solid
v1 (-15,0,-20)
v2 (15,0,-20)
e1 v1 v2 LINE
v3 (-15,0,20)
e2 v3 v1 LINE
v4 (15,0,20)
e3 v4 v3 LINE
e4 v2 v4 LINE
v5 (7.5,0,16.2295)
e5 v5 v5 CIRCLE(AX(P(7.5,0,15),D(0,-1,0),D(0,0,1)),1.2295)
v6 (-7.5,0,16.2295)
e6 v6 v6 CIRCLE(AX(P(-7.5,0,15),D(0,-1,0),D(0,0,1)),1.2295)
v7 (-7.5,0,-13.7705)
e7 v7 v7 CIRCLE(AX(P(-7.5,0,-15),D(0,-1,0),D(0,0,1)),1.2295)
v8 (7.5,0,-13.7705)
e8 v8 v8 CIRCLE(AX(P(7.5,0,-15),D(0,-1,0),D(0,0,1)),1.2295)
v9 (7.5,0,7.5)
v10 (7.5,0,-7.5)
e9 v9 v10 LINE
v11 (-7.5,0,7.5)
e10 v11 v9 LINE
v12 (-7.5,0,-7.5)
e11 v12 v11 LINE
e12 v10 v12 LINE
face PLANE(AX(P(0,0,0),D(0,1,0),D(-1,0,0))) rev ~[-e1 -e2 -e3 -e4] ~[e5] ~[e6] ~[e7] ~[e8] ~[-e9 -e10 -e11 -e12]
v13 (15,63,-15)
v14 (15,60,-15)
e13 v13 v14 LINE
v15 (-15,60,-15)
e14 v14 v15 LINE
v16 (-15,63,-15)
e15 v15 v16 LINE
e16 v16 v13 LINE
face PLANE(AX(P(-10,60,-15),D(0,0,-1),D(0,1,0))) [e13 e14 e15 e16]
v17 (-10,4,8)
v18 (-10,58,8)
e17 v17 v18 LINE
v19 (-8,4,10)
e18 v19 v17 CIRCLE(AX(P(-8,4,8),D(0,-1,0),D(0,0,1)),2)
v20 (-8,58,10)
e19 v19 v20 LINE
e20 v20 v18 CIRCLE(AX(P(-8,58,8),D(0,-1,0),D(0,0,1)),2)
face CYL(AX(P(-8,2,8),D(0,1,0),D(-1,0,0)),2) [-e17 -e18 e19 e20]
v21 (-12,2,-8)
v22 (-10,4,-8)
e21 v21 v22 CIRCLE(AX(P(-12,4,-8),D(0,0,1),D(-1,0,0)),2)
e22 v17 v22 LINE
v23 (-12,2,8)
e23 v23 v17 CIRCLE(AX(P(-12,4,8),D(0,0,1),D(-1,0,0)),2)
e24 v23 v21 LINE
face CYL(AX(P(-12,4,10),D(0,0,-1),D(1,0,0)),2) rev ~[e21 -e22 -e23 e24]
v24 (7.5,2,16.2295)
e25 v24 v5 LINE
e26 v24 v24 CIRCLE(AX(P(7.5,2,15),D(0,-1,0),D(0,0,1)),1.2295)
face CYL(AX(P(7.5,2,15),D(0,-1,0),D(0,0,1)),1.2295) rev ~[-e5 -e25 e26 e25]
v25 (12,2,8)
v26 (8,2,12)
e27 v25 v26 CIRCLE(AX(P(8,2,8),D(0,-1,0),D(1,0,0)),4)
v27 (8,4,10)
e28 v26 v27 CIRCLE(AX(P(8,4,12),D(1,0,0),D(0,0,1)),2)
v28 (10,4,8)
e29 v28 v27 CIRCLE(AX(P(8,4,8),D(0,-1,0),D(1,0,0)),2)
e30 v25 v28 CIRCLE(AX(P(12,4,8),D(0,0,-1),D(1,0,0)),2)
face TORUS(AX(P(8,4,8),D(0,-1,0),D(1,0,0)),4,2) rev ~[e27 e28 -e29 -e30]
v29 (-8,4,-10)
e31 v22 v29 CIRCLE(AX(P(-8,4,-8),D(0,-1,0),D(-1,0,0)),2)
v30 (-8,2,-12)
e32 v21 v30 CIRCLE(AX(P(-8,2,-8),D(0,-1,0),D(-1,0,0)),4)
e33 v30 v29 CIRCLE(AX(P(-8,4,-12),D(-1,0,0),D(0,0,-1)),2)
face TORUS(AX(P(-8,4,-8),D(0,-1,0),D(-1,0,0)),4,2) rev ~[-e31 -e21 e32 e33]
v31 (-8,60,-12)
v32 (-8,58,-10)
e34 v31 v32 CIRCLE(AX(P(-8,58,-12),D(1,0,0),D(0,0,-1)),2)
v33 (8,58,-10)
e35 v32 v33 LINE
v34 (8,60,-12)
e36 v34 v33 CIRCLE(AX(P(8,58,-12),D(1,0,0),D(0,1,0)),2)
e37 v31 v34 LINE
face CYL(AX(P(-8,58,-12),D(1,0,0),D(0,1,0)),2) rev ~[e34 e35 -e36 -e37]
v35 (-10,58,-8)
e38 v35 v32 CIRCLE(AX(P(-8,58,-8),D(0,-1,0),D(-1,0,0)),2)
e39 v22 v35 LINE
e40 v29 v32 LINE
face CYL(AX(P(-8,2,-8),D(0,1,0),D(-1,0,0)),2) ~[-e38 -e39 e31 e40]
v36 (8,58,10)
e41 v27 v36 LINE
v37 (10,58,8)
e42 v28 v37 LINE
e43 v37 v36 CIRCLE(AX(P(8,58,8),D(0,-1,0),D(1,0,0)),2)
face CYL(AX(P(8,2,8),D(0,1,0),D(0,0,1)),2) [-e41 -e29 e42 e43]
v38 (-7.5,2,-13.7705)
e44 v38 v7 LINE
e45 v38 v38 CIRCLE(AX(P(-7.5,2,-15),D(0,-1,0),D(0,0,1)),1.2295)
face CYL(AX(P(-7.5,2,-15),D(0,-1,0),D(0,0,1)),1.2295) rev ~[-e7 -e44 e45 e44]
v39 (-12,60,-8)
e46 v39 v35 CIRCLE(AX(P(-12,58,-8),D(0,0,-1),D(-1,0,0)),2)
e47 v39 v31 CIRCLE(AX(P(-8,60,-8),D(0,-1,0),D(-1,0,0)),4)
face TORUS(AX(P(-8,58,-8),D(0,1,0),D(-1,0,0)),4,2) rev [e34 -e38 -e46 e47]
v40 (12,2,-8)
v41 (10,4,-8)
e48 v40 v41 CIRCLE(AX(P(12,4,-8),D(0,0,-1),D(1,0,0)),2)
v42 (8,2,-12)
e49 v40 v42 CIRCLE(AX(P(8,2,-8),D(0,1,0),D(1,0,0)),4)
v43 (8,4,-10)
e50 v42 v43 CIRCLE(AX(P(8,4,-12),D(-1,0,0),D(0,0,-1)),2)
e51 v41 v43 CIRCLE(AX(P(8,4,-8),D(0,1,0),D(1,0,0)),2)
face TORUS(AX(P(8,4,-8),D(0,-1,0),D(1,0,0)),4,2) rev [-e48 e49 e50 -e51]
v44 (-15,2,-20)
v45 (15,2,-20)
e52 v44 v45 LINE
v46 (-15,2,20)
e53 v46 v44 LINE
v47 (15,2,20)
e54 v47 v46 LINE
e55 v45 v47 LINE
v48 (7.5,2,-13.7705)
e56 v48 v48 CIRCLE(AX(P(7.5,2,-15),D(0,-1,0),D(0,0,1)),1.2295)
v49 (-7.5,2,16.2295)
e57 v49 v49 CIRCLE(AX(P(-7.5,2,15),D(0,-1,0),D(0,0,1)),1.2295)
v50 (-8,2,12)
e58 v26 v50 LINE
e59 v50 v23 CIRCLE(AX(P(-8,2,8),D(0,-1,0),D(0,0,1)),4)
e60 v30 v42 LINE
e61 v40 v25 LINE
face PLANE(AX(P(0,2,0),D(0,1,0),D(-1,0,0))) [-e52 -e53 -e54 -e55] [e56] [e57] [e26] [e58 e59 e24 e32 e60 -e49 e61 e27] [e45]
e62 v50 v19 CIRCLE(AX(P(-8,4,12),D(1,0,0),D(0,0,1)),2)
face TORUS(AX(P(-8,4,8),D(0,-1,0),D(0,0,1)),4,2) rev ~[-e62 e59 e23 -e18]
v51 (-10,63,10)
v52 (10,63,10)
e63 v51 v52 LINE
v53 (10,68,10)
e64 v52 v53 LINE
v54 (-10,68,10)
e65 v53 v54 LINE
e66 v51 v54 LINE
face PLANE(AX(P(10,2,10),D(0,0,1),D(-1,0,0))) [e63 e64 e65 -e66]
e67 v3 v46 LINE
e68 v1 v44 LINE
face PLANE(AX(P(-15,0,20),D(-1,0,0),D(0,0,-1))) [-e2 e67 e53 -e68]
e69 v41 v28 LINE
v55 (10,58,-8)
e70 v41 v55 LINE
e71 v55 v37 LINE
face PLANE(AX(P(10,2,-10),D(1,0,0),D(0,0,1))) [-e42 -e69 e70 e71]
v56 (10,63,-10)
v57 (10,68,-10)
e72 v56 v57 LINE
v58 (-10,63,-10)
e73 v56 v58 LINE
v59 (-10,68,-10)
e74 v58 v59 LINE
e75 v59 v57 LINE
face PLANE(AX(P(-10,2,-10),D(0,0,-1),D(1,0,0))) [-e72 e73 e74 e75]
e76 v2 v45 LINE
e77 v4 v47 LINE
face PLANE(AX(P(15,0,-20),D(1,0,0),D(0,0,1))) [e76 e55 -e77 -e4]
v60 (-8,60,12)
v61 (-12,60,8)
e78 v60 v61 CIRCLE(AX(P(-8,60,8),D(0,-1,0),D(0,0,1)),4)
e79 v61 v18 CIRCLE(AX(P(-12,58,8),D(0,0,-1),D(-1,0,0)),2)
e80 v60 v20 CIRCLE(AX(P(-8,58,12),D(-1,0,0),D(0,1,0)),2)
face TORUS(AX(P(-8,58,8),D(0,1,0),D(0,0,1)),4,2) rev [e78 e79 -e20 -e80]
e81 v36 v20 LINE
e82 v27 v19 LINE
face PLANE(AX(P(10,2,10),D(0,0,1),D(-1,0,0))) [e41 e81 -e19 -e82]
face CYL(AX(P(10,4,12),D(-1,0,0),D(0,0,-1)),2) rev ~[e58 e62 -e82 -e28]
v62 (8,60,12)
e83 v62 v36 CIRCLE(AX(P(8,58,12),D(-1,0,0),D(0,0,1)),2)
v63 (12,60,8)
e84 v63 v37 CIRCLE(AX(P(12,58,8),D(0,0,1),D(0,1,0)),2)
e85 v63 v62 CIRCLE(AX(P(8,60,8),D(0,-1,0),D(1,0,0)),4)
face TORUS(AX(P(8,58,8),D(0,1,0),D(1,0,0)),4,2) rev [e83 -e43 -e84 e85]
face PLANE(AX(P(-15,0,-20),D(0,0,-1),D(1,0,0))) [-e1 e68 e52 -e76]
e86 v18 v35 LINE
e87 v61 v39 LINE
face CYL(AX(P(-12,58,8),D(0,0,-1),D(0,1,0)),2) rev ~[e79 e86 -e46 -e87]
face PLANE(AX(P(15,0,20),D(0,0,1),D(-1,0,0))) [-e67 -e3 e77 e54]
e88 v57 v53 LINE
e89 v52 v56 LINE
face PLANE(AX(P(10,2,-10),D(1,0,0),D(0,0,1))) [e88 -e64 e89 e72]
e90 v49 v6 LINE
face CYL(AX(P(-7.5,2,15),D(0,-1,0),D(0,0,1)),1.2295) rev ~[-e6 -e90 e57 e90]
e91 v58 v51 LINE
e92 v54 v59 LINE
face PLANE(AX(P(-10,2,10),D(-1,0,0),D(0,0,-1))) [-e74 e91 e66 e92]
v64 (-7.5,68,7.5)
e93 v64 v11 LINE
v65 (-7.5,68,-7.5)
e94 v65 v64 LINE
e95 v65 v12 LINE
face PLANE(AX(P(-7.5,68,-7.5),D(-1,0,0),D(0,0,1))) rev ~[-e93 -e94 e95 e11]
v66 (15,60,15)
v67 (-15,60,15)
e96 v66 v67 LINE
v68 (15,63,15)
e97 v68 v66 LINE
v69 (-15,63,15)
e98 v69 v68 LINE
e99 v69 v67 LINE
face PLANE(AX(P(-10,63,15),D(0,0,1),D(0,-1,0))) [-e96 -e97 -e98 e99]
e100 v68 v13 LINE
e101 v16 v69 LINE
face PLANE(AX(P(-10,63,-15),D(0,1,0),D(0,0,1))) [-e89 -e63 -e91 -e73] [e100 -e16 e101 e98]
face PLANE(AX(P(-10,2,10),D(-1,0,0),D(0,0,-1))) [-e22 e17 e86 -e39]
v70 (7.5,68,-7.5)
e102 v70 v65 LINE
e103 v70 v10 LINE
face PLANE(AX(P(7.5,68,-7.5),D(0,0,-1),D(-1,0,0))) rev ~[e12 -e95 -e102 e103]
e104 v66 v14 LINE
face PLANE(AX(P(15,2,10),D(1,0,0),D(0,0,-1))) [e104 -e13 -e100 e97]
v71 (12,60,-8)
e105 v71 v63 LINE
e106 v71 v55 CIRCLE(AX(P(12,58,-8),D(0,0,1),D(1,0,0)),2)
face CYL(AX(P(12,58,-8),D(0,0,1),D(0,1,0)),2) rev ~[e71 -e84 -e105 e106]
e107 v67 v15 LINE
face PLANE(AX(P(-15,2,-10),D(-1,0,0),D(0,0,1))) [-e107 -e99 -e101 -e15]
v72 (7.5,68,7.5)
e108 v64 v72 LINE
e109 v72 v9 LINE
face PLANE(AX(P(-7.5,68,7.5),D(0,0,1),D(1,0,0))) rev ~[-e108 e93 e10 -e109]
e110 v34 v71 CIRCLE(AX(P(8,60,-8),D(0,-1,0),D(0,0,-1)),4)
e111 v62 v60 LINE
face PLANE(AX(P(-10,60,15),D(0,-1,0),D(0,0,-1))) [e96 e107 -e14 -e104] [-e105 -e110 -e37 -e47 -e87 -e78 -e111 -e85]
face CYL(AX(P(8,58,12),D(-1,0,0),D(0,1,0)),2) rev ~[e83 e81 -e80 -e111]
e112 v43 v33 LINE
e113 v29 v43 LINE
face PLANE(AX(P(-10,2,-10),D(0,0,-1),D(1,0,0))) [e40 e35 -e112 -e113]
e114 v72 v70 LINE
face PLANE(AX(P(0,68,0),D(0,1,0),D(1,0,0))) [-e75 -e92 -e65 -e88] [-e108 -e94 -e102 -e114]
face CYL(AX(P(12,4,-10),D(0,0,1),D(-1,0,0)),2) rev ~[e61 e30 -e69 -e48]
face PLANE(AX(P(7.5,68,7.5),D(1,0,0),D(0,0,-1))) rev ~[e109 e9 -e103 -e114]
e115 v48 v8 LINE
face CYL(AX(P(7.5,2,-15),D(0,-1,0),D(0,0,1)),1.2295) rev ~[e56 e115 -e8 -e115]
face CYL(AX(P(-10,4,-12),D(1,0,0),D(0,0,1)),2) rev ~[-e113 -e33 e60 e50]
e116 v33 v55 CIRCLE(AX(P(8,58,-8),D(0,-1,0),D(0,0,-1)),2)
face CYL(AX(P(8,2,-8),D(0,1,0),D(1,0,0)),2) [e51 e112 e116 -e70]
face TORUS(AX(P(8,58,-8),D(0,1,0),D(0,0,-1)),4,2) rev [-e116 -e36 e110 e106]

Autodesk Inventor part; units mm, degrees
ref_plane "YZ Plane" through (0, 0, 0) normal (1, 0, 0) x (0, 1, 0)
ref_plane "XZ Plane" through (0, 0, 0) normal (0, 1, 0) x (-1, 0, 0)
ref_plane "XY Plane" through (0, 0, 0) normal (0, 0, 1) x (1, 0, 0)
sketch "Esquisse1" plane through (0, 0, 0) normal (0, 1, 0) x (-1, 0, 0)
  line L0 (-15, 20) -> (15, 20)
  line L1 (15, 20) -> (15, -20)
  line L2 (15, -20) -> (-15, -20)
  line L3 (-15, -20) -> (-15, 20)
  line L4 (-15, 20) -> (15, -20) construction
  line L5 (15, 20) -> (-15, -20) construction
  point P0 (0, 0)
  dimension "d0" = 30
  dimension "d1" = 40
extrude "Extrusion1" add sketch "Esquisse1" along normal blind 2
sketch "Esquisse2" plane through (0, 2, 0) normal (0, 1, 0) x (1, 0, 0)
  line L0 (10, -10) -> (-10, -10)
  line L1 (-10, -10) -> (-10, 10)
  line L2 (-10, 10) -> (10, 10)
  line L3 (10, 10) -> (10, -10)
  line L4 (10, -10) -> (-10, 10) construction
  line L5 (-10, -10) -> (10, 10) construction
  point P0 (0, 0)
  dimension "d4" = 20
  dimension "d5" = 20
extrude "Extrusion2" add sketch "Esquisse2" along normal blind 66
sketch "Esquisse3" plane through (0, 68, 0) normal (0, 1, 0) x (1, 0, 0)
  line L0 (7.5, 7.5) -> (-7.5, 7.5)
  line L1 (-7.5, 7.5) -> (-7.5, -7.5)
  line L2 (-7.5, -7.5) -> (7.5, -7.5)
  line L3 (7.5, -7.5) -> (7.5, 7.5)
  line L4 (7.5, 7.5) -> (-7.5, -7.5) construction
  line L5 (-7.5, 7.5) -> (7.5, -7.5) construction
  point P0 (0, 0)
  dimension "d9" = 15
  dimension "d10" = 15
extrude "Extrusion3" cut sketch "Esquisse3" against normal through all
sketch "Esquisse4" plane through (0, 2, 0) normal (0, 1, 0) x (1, 0, 0)
  line L0 (0, 0) -> (0, -15)
  line L1 (0, -15) -> (-7.5, -15)
  line L2 (0, 0) -> (0, 15)
  line L3 (0, 15) -> (-7.5, 15)
  point P0 (7.5, -15)
  point P1 (7.5, 15)
  point P2 (7.5, 15)
  dimension "d13" = 15
  dimension "d14" = 7.5
  dimension "d15" = 15
  dimension "d16" = 7.5
hole "Perçage1" at (-7.5, 2, 15) at (7.5, 2, 15) at (-7.5, 2, -15) at (7.5, 2, -15) direction (0, -1, 0) diameter 2.459 end through all thread size "M3x0.5" class "6H" standard "ISO Metric profile"
sketch "Esquisse5" plane through (10, 2, -10) normal (0, 0, -1) x (-1, 0, 0)
  point P0 (10, -2)
sketch "Esquisse6" plane through (10, 2, -10) normal (0, 0, -1) x (-1, 0, 0)
  line L0 (0, 66) -> (20, 66) projected
  line L1 (0, 66) -> (0, 61)
  line L2 (0, 0) -> (0, 66) projected
  line L3 (20, 0) -> (20, 66) projected
  line L4 (0, 61) -> (20, 61)
  line L5 (20, 61) -> (20, 58)
  line L6 (20, 58) -> (0, 58)
  line L7 (0, 58) -> (0, 61)
  point P0 (10, -2)
  point P1 (0, 58)
  dimension "d24" = 5
  dimension "d25" = 3
extrude "Extrusion4" add sketch "Esquisse6" along normal blind 5 contours L4 L3 L6 L2
sketch "Esquisse7" plane through (-10, 2, 10) normal (0, 0, 1) x (1, 0, 0)
  line L0 (0, 66) -> (20, 66) projected
  line L1 (0, 66) -> (0, 61)
  line L2 (0, 0) -> (0, 66) projected
  line L3 (20, 0) -> (20, 58) projected
  line L4 (0, 61) -> (20, 61)
  line L5 (20, 61) -> (20, 58)
  line L6 (20, 58) -> (0, 58)
  line L7 (0, 58) -> (0, 61)
  point P0 (10, -2)
  point P1 (0, 58)
  dimension "d28" = 5
  dimension "d29" = 3
extrude "Extrusion5" add sketch "Esquisse7" along normal blind 5
sketch "Esquisse8" plane through (10, 2, 10) normal (1, 0, 0) x (0, 0, -1)
  line L0 (-5, 61) -> (-5, 58) projected
  line L1 (20, 58) -> (25, 58) projected
  line L2 (-5, 61) -> (25, 61)
  line L3 (25, 61) -> (25, 58)
  line L4 (25, 58) -> (-5, 58)
  line L5 (-5, 58) -> (-5, 61)
  point P0 (10, -2)
extrude "Extrusion6" add sketch "Esquisse8" along normal blind 5
sketch "Esquisse9" plane through (-10, 2, -10) normal (-1, 0, 0) x (0, 0, 1)
  line L0 (-5, 58) -> (-5, 61) projected
  line L1 (25, 61) -> (25, 58) projected
  line L2 (-5, 61) -> (25, 61)
  line L3 (25, 61) -> (25, 58)
  line L4 (25, 58) -> (-5, 58)
  line L5 (-5, 58) -> (-5, 61)
  point P0 (10, -2)
extrude "Extrusion7" add sketch "Esquisse9" along normal blind 5
fillet "Congé2" radius 2 8 edges at (10, 31, -10) (10, 31, 10) (10, 2, 0) (0, 2, -10) (-10, 31, -10) (-10, 2, 0) (-10, 31, 10) (0, 2, 10)
fillet "Congé3" radius 2 8 edges at (-9.4142, 60, -9.4142) (0, 60, -10) (9.4142, 60, -9.4142) (10, 60, 0) (9.4142, 60, 9.4142) (0, 60, 10) (-9.4142, 60, 9.4142) (-10, 60, 0)
properties part number "Bras caméra"
